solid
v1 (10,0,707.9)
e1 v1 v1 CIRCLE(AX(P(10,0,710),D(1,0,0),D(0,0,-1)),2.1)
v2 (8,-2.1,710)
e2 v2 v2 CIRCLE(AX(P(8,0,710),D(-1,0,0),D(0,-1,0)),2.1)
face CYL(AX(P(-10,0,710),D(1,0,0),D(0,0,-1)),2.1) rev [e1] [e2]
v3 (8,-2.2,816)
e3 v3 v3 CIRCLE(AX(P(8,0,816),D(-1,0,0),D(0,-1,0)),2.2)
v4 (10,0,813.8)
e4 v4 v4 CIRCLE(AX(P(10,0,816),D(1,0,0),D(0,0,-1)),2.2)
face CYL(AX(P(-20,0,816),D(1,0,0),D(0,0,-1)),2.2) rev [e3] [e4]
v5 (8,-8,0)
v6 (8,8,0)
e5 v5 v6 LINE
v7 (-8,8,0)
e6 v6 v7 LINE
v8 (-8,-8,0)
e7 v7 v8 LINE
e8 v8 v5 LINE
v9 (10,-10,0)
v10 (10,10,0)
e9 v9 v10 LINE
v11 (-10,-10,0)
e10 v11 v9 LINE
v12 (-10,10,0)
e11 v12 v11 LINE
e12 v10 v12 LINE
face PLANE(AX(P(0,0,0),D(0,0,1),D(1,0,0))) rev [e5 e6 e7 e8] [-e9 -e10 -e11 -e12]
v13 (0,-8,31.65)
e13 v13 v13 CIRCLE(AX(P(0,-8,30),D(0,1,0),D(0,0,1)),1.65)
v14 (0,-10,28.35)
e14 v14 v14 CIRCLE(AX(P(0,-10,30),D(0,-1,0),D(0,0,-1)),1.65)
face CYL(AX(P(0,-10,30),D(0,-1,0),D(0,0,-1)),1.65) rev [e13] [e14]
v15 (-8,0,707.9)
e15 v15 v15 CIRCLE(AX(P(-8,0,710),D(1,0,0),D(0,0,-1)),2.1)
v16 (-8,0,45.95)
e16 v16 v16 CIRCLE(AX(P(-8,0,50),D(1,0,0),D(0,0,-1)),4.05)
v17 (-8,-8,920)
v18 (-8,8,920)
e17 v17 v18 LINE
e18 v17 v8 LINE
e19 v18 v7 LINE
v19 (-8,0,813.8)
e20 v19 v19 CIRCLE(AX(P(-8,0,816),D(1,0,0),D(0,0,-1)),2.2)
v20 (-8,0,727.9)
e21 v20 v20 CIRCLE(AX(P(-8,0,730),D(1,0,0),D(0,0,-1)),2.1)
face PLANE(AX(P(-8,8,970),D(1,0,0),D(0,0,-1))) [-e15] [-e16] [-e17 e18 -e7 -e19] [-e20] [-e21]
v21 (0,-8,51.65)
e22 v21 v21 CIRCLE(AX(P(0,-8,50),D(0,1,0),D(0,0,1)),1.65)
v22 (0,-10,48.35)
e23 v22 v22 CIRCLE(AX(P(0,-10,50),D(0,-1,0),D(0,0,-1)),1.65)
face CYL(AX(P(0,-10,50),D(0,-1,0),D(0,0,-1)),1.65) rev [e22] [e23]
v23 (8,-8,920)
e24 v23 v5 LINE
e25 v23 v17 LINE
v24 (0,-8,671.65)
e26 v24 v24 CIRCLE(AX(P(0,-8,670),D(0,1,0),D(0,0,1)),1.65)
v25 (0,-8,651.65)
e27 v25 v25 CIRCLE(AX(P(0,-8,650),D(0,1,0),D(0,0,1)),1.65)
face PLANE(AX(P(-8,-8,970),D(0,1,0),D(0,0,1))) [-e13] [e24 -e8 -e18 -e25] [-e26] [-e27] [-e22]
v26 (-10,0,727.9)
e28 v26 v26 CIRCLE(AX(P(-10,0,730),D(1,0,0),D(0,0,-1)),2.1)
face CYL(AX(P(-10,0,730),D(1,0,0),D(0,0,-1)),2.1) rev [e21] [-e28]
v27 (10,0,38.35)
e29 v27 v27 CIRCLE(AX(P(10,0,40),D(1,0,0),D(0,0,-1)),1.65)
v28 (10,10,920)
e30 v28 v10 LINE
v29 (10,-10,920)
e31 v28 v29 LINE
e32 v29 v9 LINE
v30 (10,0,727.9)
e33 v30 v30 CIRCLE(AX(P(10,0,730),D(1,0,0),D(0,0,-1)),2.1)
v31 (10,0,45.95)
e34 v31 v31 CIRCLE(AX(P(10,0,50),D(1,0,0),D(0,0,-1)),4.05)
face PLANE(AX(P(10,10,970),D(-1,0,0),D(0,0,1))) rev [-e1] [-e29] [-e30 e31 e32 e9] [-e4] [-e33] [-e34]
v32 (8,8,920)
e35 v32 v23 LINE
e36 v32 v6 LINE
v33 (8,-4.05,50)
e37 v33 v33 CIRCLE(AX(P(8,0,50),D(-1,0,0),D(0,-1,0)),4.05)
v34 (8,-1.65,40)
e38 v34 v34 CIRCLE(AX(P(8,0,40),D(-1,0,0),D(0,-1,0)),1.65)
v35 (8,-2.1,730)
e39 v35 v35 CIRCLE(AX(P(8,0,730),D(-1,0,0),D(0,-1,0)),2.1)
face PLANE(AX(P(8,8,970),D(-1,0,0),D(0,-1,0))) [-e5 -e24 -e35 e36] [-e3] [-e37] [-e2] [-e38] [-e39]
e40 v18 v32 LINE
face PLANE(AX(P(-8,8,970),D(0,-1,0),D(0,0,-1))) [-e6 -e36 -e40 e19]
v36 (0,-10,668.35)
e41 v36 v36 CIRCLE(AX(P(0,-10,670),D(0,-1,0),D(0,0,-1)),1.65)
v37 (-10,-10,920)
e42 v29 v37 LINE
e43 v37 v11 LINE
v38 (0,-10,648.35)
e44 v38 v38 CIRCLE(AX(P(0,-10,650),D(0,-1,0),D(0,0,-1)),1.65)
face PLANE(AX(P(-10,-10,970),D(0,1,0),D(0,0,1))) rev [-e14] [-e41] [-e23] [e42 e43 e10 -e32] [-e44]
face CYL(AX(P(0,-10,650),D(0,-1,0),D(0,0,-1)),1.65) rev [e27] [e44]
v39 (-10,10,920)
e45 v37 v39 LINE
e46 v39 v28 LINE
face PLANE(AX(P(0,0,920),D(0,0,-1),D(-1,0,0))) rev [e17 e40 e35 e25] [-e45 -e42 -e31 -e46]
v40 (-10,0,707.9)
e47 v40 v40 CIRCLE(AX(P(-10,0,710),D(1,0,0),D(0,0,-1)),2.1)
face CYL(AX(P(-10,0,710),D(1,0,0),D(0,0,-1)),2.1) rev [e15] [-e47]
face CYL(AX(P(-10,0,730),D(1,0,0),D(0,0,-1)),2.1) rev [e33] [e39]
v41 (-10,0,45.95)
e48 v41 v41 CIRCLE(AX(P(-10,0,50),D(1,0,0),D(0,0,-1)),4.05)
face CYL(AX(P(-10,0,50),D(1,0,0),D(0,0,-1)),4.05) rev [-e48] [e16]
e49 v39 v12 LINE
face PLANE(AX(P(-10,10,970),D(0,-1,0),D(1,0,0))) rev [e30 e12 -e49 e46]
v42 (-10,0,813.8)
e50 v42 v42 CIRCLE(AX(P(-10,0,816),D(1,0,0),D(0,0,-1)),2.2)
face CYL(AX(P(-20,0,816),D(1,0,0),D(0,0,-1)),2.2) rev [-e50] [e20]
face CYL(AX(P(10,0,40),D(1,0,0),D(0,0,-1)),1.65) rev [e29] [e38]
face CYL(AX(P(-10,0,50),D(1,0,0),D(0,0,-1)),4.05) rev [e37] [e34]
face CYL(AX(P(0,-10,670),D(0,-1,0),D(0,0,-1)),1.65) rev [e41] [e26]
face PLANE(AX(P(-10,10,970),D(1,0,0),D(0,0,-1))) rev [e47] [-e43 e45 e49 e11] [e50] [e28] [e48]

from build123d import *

# Parameters (mm, degrees)
SKETCH_1_W          = 20
SKETCH_1_H          = 20
SKETCH_1_W_2        = 16
SKETCH_1_H_2        = 16
EXTRUDE_1_DEPTH     = 970
SKETCH_2_R          = 4.05
CUT_EXTRUDE_1_DEPTH = 20
SKETCH_4_W          = 21.376287738
SKETCH_4_H          = 29.089038522
CUT_EXTRUDE_3_DEPTH = 50
SKETCH_5_R          = 2.2
CUT_EXTRUDE_4_DEPTH = 30
SKETCH_6_R          = 1
CUT_EXTRUDE_5_DEPTH = 10
M4X0_7_1_D          = 3.3
M4X0_7_1_DEPTH      = 11.5
M4X0_7_1_TIP        = 0.991420021
SKETCH_12_R         = 1
CUT_EXTRUDE_7_DEPTH = 10
M4X0_7_6_D          = 3.3
M4X0_7_6_DEPTH      = 11.5
M4X0_7_6_TIP        = 0.991420021
SKETCH_15_R         = 2.1
CUT_EXTRUDE_8_DEPTH = 21
SKETCH_16_R         = 1
CUT_EXTRUDE_9_DEPTH = 10
M4X0_7_7_D          = 3.3
M4X0_7_7_DEPTH      = 11.5
M4X0_7_7_TIP        = 0.991420021


with BuildPart() as part:
    # ｽｹｯﾁ1 → ﾎﾞｽ - 押し出し1 (new body)
    with BuildSketch(Plane.XY):
        Rectangle(SKETCH_1_W, SKETCH_1_H)
        Rectangle(SKETCH_1_W_2, SKETCH_1_H_2, mode=Mode.SUBTRACT)
    extrude(amount=EXTRUDE_1_DEPTH)

    # ｽｹｯﾁ2 → ｶｯﾄ - 押し出し1 (cut)
    with BuildSketch(Plane(origin=(10, 0, 0), x_dir=(0, 0, -1), z_dir=(1, 0, 0))):
        with Locations((-50, 0)):
            Circle(SKETCH_2_R)
    extrude(amount=-CUT_EXTRUDE_1_DEPTH, mode=Mode.SUBTRACT)

    # ｽｹｯﾁ4 → ｶｯﾄ - 押し出し3 (cut)
    with BuildSketch(Plane.XY.offset(970)):
        Rectangle(SKETCH_4_W, SKETCH_4_H)
    extrude(amount=-CUT_EXTRUDE_3_DEPTH, mode=Mode.SUBTRACT)

    # ｽｹｯﾁ5 → ｶｯﾄ - 押し出し4 (cut)
    with BuildSketch(Plane(origin=(10, 0, 0), x_dir=(0, 0, -1), z_dir=(1, 0, 0))):
        with Locations((-816, 0)):
            Circle(SKETCH_5_R)
    extrude(amount=-CUT_EXTRUDE_4_DEPTH, mode=Mode.SUBTRACT)

    # ｽｹｯﾁ6 → ｶｯﾄ - 押し出し5 (cut)
    with BuildSketch(Plane.XZ.offset(10)):
        with Locations((0, 30)):
            Circle(SKETCH_6_R)
        with Locations((0, 50)):
            Circle(SKETCH_6_R)
    extrude(amount=-CUT_EXTRUDE_5_DEPTH, mode=Mode.SUBTRACT)

    # M4x0.7 ねじ穴1
    with Locations(Plane(origin=(0, -10, 30), x_dir=(0, 0, -1), z_dir=(0, -1, 0))):
        with Locations((0, 0), (-20, 0)):
            Hole(M4X0_7_1_D / 2, depth=M4X0_7_1_DEPTH)
            with Locations((0, 0, -(M4X0_7_1_DEPTH + M4X0_7_1_TIP / 2))):  # 118° drill point
                Cone(0, M4X0_7_1_D / 2, M4X0_7_1_TIP, mode=Mode.SUBTRACT)

    # ｽｹｯﾁ12 → ｶｯﾄ - 押し出し7 (cut)
    with BuildSketch(Plane(origin=(10, 0, 0), x_dir=(0, 0, -1), z_dir=(1, 0, 0))):
        with Locations((-40, 0)):
            Circle(SKETCH_12_R)
        with Locations((-710, 0)):
            Circle(SKETCH_12_R)
        with Locations((-730, 0)):
            Circle(SKETCH_12_R)
    extrude(amount=-CUT_EXTRUDE_7_DEPTH, mode=Mode.SUBTRACT)

    # M4x0.7 ねじ穴6
    with Locations(Plane(origin=(10, 0, 40), x_dir=(0, 0, 1), z_dir=(1, 0, 0))):
        with Locations((0, 0)):
            Hole(M4X0_7_6_D / 2, depth=M4X0_7_6_DEPTH)
            with Locations((0, 0, -(M4X0_7_6_DEPTH + M4X0_7_6_TIP / 2))):  # 118° drill point
                Cone(0, M4X0_7_6_D / 2, M4X0_7_6_TIP, mode=Mode.SUBTRACT)

    # ｽｹｯﾁ15 → ｶｯﾄ - 押し出し8 (cut, through all)
    with BuildSketch(Plane(origin=(10, 0, 0), x_dir=(0, 0, -1), z_dir=(1, 0, 0))):
        with Locations((-710, 0)):
            Circle(SKETCH_15_R)
        with Locations((-730, 0)):
            Circle(SKETCH_15_R)
    extrude(amount=-CUT_EXTRUDE_8_DEPTH, mode=Mode.SUBTRACT)

    # ｽｹｯﾁ16 → ｶｯﾄ - 押し出し9 (cut)
    with BuildSketch(Plane(origin=(0, -10, 0), x_dir=(-1, 0, 0), z_dir=(0, -1, 0))):
        with Locations((0, -670)):
            Circle(SKETCH_16_R)
        with Locations((0, -650)):
            Circle(SKETCH_16_R)
    extrude(amount=-CUT_EXTRUDE_9_DEPTH, mode=Mode.SUBTRACT)

    # M4x0.7 ねじ穴7
    with Locations(Plane(origin=(0, -10, 670), x_dir=(0, 0, -1), z_dir=(0, -1, 0))):
        with Locations((0, 0), (20, 0)):
            Hole(M4X0_7_7_D / 2, depth=M4X0_7_7_DEPTH)
            with Locations((0, 0, -(M4X0_7_7_DEPTH + M4X0_7_7_TIP / 2))):  # 118° drill point
                Cone(0, M4X0_7_7_D / 2, M4X0_7_7_TIP, mode=Mode.SUBTRACT)


solid = part.part
